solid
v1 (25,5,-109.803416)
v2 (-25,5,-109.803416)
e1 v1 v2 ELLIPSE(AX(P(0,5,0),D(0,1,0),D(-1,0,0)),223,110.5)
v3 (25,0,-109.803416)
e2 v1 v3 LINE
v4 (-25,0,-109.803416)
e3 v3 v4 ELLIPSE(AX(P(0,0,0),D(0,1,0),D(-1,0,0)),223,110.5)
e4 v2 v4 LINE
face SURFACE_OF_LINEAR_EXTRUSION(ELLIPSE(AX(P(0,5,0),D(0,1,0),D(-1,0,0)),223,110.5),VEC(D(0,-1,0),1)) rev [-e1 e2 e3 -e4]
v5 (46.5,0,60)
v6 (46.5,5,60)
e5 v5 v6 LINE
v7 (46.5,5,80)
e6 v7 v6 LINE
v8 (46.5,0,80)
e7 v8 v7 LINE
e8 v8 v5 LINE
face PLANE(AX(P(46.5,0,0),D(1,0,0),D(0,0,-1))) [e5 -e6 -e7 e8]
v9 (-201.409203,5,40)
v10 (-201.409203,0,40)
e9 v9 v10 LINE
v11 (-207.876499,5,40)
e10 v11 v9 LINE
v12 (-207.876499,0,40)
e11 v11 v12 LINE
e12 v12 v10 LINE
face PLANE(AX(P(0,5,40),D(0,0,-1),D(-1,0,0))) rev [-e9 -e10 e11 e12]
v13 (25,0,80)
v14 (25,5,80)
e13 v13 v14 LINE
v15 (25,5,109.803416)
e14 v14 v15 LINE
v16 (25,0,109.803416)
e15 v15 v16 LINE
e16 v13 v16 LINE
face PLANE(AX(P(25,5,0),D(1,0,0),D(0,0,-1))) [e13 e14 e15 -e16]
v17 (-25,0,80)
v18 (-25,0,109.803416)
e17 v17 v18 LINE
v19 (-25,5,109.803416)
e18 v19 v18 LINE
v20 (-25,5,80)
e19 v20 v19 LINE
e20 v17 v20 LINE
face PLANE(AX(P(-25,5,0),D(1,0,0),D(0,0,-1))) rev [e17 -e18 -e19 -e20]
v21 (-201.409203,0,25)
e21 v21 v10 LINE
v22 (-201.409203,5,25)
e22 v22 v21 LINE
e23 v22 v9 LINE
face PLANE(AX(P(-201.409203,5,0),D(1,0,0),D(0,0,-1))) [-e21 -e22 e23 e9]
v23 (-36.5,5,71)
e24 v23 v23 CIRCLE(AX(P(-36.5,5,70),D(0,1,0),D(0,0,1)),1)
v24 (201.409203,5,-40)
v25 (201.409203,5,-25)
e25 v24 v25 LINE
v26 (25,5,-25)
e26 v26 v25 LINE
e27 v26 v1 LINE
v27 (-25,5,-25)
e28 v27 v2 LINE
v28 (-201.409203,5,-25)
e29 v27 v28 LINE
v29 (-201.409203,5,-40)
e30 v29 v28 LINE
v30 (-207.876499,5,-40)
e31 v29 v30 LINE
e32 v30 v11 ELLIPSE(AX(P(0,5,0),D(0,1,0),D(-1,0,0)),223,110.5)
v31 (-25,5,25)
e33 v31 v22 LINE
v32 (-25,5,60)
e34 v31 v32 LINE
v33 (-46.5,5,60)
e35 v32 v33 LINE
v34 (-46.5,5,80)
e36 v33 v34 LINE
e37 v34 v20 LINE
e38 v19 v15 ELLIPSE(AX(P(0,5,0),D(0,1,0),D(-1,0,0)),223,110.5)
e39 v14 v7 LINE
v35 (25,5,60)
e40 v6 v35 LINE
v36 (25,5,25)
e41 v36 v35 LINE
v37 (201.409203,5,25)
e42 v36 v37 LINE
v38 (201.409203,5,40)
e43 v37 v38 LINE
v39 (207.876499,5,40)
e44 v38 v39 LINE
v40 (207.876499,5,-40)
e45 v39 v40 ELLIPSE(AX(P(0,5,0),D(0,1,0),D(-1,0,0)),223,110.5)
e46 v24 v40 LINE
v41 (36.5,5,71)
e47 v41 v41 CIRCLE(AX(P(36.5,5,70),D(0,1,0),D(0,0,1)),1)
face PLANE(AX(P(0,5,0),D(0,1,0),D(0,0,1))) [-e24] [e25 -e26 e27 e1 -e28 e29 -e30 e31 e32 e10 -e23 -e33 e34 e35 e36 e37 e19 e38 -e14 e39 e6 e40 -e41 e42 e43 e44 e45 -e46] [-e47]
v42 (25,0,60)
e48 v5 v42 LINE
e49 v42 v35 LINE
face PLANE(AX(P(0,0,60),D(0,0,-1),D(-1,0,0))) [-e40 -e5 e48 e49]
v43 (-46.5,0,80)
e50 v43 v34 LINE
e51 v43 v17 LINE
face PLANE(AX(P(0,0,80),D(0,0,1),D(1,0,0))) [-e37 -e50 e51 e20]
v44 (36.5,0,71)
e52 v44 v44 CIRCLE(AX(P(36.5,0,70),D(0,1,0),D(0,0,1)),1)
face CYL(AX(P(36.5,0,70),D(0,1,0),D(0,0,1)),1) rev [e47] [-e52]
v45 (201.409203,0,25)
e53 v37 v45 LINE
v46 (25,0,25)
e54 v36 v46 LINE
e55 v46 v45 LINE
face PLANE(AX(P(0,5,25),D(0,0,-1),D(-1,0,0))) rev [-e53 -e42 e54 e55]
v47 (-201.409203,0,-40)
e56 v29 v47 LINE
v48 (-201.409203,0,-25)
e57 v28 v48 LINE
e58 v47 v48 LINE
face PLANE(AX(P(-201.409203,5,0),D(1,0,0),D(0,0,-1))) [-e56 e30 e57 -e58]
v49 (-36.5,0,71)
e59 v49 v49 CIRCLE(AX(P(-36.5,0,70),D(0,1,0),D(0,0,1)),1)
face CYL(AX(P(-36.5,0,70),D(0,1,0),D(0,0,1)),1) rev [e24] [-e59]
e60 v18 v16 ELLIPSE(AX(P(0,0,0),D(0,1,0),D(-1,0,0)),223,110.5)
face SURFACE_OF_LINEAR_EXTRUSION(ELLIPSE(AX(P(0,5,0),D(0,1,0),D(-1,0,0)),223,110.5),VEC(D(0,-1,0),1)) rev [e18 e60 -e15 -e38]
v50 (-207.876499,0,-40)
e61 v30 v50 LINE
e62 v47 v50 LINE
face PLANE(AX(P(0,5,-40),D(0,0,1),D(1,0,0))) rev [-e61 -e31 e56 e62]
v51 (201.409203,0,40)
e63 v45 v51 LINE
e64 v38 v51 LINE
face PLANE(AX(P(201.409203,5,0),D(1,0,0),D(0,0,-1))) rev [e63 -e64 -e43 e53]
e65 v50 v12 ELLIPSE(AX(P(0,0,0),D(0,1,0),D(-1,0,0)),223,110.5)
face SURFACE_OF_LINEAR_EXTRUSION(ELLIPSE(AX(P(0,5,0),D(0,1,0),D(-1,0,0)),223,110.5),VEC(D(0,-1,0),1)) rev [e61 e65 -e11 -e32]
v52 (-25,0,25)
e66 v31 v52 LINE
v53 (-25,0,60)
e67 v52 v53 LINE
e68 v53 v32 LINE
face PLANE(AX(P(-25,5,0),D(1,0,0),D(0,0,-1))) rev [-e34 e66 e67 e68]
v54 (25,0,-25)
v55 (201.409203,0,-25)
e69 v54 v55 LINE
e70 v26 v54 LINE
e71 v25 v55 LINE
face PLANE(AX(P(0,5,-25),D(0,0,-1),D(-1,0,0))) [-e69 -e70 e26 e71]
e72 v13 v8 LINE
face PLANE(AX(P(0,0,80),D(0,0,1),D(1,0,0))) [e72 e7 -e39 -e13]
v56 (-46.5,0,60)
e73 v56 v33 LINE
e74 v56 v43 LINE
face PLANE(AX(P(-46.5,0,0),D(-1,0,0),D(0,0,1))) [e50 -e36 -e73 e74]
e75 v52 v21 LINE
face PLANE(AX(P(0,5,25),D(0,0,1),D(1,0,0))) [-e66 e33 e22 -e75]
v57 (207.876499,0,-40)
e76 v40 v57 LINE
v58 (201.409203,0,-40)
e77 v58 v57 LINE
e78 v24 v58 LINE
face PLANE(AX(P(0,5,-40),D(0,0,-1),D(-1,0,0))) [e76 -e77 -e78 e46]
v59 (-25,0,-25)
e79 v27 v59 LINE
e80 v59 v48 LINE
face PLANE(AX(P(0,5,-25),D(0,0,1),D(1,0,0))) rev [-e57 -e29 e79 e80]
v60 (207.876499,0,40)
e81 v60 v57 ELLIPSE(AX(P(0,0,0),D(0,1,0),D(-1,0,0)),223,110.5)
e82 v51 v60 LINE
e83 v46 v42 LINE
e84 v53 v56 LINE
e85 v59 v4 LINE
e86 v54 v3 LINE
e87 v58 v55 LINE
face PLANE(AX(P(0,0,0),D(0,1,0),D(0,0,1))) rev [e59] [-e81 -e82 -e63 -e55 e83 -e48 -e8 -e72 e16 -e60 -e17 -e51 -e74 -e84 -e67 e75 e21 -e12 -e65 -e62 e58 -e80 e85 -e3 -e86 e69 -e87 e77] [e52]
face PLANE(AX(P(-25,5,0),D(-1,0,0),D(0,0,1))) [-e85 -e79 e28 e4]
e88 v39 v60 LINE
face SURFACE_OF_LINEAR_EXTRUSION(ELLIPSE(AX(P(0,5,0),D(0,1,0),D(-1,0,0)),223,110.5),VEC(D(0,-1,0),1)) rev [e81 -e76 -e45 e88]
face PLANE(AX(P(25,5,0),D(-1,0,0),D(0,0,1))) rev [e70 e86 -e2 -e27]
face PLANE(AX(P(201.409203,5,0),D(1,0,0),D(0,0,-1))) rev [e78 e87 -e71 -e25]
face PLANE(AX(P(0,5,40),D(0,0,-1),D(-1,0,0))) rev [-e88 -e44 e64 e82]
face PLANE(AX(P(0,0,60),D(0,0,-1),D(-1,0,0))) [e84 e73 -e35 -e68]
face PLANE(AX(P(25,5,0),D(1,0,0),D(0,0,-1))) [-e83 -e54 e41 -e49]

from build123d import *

# Parameters (mm, degrees)
BOSS_EXTRUDE1_DEPTH = 5
SKETCH3_W           = 21.5
SKETCH3_H           = 20
SKETCH3_R           = 1
BOSS_EXTRUDE2_DEPTH = 5


with BuildPart() as part:
    # Sketch1 → Boss-Extrude1 (new body)
    with BuildSketch(Plane(origin=(0, 0, 0), x_dir=(1, 0, 0), z_dir=(0, 1, 0))):
        with BuildLine():
            Line((25, 25), (201.409203428, 25))
            Line((201.409203428, 25), (201.409203428, 40))
            Line((201.409203428, 40), (207.876498783, 40))
            add(Edge.make_bspline(
                [(207.876498783, -40), (239.223771283, 0), (207.876498783, 40)],
                knots=[2.771189847, 2.771189847, 2.771189847, 3.51199546, 3.51199546, 3.51199546], degree=2, weights=[1, 0.932181609, 1]))
            Line((207.876498783, -40), (201.409203428, -40))
            Line((201.409203428, -40), (201.409203428, -25))
            Line((201.409203428, -25), (25, -25))
            Line((25, -25), (25, -109.803415805))
            add(Edge.make_bspline(
                [(-25, -109.803415805), (0, -111.20100327), (25, -109.803415805)],
                knots=[1.458452535, 1.458452535, 1.458452535, 1.683140119, 1.683140119, 1.683140119], degree=2, weights=[1, 0.993696071, 1]))
            Line((-25, -109.803415805), (-25, -25))
            Line((-25, -25), (-201.409203425, -25))
            Line((-201.409203425, -25), (-201.409203425, -40))
            Line((-201.409203425, -40), (-207.876498783, -40))
            add(Edge.make_bspline(
                [(-207.876498783, 40), (-239.223771283, 0), (-207.876498783, -40)],
                knots=[5.912782501, 5.912782501, 5.912782501, 6.653588114, 6.653588114, 6.653588114], degree=2, weights=[1, 0.932181609, 1]))
            Line((-207.876498783, 40), (-201.409203425, 40))
            Line((-201.409203425, 40), (-201.409203425, 25))
            Line((-201.409203425, 25), (-25, 25))
            Line((-25, 25), (-25, 109.803415805))
            add(Edge.make_bspline(
                [(25, 109.803415805), (0, 111.20100327), (-25, 109.803415805)],
                knots=[4.600045189, 4.600045189, 4.600045189, 4.824732772, 4.824732772, 4.824732772], degree=2, weights=[1, 0.993696071, 1]))
            Line((25, 109.803415805), (25, 25))
        make_face()
    extrude(amount=BOSS_EXTRUDE1_DEPTH)

    # Sketch3 → Boss-Extrude2 (add)
    # profile 1 of 2: a face of its own
    with BuildSketch(Plane(origin=(0, 5, 0), x_dir=(1, 0, 0), z_dir=(0, 1, 0))):
        Polygon((-25, -60), (-36.5, -60), (-46.5, -60), (-46.5, -80), (-25, -80), align=None)
        with BuildLine():
            ThreePointArc((-35.5, -70), (-37.207106781, -70.707106781), (-36.5, -69))
            ThreePointArc((-36.5, -69), (-35.792893219, -69.292893219), (-35.5, -70))
        make_face(mode=Mode.SUBTRACT)
    # profile 2 of 2: a face of its own
    with BuildSketch(Plane(origin=(0, 5, 0), x_dir=(1, 0, 0), z_dir=(0, 1, 0))):
        with Locations((35.75, -70)):
            Rectangle(SKETCH3_W, SKETCH3_H)
        with Locations(Location((36.5, -70, 0), (0, 0, 270))):
            Circle(SKETCH3_R, mode=Mode.SUBTRACT)
    extrude(amount=-BOSS_EXTRUDE2_DEPTH)


solid = part.part
